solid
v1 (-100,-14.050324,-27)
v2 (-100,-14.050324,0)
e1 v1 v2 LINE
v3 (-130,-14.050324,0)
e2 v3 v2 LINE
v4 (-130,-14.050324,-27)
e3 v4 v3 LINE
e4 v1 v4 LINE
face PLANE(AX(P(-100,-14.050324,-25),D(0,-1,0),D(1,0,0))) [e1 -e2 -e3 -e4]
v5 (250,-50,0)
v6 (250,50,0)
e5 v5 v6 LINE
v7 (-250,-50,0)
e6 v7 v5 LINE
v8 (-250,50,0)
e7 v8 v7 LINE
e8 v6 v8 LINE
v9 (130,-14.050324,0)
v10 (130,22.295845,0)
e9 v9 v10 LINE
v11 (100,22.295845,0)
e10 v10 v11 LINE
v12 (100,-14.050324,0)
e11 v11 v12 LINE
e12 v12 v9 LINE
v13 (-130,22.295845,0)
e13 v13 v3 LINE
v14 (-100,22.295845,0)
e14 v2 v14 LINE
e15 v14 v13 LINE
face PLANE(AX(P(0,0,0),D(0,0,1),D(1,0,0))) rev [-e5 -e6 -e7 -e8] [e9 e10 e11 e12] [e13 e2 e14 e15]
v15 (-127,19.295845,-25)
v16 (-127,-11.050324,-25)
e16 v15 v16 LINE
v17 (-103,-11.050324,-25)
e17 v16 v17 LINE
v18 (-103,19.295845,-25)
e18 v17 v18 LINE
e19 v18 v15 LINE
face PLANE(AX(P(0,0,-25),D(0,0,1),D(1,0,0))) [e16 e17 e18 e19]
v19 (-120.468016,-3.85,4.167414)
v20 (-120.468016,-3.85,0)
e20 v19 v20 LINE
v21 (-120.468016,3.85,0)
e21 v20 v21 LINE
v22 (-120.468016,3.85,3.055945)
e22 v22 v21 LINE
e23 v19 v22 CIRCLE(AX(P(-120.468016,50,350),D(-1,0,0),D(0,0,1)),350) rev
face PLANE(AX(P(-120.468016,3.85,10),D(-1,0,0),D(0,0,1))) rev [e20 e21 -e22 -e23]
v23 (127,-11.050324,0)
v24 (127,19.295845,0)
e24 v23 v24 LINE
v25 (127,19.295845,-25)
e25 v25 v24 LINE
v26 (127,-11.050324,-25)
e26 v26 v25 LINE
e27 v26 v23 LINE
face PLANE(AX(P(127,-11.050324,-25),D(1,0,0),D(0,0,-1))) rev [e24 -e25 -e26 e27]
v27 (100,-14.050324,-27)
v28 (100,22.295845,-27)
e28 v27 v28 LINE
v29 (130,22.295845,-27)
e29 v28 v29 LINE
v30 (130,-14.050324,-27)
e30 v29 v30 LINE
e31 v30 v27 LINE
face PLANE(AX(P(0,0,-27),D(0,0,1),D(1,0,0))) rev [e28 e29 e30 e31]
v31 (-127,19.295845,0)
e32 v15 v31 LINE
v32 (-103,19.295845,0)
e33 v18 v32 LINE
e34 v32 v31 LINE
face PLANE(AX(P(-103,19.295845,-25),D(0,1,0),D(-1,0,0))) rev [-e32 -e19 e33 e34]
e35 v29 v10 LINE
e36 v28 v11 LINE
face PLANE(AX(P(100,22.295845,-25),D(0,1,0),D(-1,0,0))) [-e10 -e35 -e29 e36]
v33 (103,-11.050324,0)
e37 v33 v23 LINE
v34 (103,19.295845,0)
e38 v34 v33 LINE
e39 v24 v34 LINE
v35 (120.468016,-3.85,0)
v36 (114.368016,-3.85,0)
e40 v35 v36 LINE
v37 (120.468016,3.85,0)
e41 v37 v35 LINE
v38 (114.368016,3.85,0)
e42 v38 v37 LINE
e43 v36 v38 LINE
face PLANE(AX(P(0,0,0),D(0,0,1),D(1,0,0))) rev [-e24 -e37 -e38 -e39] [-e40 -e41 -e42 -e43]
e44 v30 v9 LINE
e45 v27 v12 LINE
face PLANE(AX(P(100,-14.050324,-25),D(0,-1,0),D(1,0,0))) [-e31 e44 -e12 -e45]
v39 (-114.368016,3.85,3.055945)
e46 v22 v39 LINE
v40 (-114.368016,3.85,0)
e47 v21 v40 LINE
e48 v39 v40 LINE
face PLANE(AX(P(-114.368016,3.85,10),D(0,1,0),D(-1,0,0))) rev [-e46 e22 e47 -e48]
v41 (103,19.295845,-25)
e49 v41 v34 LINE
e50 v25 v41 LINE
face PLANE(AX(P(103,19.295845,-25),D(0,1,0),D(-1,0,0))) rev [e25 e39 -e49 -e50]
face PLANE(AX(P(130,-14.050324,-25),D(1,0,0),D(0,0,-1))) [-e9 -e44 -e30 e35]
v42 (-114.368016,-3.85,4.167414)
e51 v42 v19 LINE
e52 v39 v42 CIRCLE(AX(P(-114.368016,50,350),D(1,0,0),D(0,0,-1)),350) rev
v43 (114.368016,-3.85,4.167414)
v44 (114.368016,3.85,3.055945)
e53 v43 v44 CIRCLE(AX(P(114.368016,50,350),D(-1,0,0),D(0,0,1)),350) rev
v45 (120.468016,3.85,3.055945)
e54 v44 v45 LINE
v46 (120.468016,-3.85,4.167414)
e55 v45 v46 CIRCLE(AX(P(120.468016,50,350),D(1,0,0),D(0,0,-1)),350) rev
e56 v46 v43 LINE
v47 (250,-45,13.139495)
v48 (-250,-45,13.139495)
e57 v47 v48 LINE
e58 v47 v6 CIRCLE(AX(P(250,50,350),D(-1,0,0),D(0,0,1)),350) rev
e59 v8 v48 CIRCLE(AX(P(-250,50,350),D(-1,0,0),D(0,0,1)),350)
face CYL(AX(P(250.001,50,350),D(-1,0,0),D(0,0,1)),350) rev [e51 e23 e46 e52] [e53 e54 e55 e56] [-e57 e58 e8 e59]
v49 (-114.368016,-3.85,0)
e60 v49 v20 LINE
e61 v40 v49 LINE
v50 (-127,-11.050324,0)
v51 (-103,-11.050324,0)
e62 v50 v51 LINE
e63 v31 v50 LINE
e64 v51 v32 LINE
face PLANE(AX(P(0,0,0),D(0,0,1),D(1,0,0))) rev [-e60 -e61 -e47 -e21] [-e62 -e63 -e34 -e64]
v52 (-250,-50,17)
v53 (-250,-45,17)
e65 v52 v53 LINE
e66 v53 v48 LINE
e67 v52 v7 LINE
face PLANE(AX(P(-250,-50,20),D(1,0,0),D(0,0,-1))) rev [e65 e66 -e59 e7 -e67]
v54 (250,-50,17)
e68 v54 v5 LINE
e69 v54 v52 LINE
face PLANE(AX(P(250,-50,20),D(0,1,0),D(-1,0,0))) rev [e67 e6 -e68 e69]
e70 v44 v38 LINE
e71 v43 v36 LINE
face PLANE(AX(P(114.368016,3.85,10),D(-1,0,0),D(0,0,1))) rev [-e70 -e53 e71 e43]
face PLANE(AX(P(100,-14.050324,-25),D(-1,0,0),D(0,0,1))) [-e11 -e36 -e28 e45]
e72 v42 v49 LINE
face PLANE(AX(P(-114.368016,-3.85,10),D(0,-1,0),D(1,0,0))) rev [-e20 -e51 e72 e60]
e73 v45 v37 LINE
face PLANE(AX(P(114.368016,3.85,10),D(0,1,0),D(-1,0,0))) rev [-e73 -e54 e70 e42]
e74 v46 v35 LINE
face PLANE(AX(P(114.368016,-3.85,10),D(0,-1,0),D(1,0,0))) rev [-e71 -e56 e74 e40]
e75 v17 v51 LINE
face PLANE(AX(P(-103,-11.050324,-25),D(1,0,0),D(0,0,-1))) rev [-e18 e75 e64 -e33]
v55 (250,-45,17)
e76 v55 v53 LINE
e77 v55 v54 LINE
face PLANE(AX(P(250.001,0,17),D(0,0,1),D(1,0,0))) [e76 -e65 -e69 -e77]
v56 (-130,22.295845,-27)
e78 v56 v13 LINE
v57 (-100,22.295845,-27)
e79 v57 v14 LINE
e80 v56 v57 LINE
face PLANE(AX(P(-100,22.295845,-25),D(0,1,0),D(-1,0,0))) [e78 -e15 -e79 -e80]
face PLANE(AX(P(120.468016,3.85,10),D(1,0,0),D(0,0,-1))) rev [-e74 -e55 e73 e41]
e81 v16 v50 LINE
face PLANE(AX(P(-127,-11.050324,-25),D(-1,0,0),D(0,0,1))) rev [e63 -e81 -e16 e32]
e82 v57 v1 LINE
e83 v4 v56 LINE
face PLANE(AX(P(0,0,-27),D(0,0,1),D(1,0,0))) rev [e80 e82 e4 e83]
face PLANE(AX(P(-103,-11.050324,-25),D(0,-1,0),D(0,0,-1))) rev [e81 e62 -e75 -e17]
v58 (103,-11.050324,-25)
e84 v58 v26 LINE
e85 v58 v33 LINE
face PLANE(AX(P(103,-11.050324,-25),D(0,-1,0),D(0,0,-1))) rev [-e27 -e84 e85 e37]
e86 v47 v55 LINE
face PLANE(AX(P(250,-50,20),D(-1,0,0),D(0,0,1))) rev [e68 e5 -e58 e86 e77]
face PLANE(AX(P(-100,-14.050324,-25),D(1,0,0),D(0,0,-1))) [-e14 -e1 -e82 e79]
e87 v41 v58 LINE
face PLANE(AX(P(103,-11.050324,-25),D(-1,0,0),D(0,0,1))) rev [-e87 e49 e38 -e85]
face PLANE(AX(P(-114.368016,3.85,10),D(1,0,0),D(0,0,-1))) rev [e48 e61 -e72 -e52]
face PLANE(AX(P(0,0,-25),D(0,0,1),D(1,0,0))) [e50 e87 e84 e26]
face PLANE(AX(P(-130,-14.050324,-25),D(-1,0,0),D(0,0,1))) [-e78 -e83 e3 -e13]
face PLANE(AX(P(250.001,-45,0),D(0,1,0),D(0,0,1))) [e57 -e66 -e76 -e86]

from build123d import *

# Parameters (mm, degrees)
ESQUISSE1_W             = 500
ESQUISSE1_H             = 100
BOSS_EXTRU_1_DEPTH      = 20
ENL_V_MAT_EXTRU_1_REACH = 504.892
ESQUISSE3_W             = 6.1
ESQUISSE3_H             = 7.7
ENL_V_MAT_EXTRU_2_DEPTH = 10
ESQUISSE4_W             = 30
ESQUISSE4_H             = 36.346168877
ESQUISSE4_W_2           = 24
ESQUISSE4_H_2           = 30.346168877
BOSS_EXTRU_2_DEPTH      = 25
ESQUISSE6_W             = 30
ESQUISSE6_H             = 36.346168877
BOSS_EXTRU_3_DEPTH      = 2
ESQUISSE7_W             = 30
ESQUISSE7_H             = 36.346168877
BOSS_EXTRU_4_DEPTH      = 2


with BuildPart() as part:
    # Esquisse1 → Boss.-Extru.1 (new body)
    with BuildSketch(Plane.XY):
        Rectangle(ESQUISSE1_W, ESQUISSE1_H)
    extrude(amount=BOSS_EXTRU_1_DEPTH)

    # Esquisse2 → Enlèv. mat.-Extru.1 (cut, up to next)
    with BuildSketch(Plane.ZY.offset(250), mode=Mode.PRIVATE) as enl_v_mat_extru_1_sk1:
        with BuildLine():
            Line((17, -45), (17, -50))
            Line((17, -50), (20, -50))
            Line((20, -50), (20, 50))
            Line((20, 50), (0, 50))
            ThreePointArc((0, 50), (3.30043493, 2.047819856), (13.139494746, -45))
            Line((13.139494746, -45), (17, -45))
        make_face()
    enl_v_mat_extru_1_tool1 = extrude(enl_v_mat_extru_1_sk1.sketch, amount=-ENL_V_MAT_EXTRU_1_REACH, mode=Mode.PRIVATE) & part.part
    add(enl_v_mat_extru_1_tool1.solids().sort_by_distance((-250, 8.554077, 11.753781))[0], mode=Mode.SUBTRACT)

    # Esquisse3 → Enlèv. mat.-Extru.2 (cut)
    with BuildSketch(Plane(origin=(0, 0, 0), x_dir=(-1, 0, 0), z_dir=(0, 0, -1))):
        with Locations((-117.418016387, 0)):
            Rectangle(ESQUISSE3_W, ESQUISSE3_H)
        with Locations((117.418016387, 0)):
            Rectangle(ESQUISSE3_W, ESQUISSE3_H)
    extrude(amount=-ENL_V_MAT_EXTRU_2_DEPTH, mode=Mode.SUBTRACT)

    # Esquisse4 → Boss.-Extru.2 (add)
    # profile 1 of 2: a face of its own
    with BuildSketch(Plane.XY):
        with Locations((-115, 4.12276014)):
            Rectangle(ESQUISSE4_W, ESQUISSE4_H)
        with Locations((-115, 4.12276014)):
            Rectangle(ESQUISSE4_W_2, ESQUISSE4_H_2, mode=Mode.SUBTRACT)
    # profile 2 of 2: a face of its own
    with BuildSketch(Plane.XY):
        with Locations((115, 4.12276014)):
            Rectangle(ESQUISSE4_W, ESQUISSE4_H)
        with Locations((115, 4.12276014)):
            Rectangle(ESQUISSE4_W_2, ESQUISSE4_H_2, mode=Mode.SUBTRACT)
    extrude(amount=-BOSS_EXTRU_2_DEPTH)

    # Esquisse6 → Boss.-Extru.3 (add)
    with BuildSketch(Plane(origin=(0, 0, -25), x_dir=(-1, 0, 0), z_dir=(0, 0, -1))):
        with Locations((-115, 4.12276014)):
            Rectangle(ESQUISSE6_W, ESQUISSE6_H)
    extrude(amount=BOSS_EXTRU_3_DEPTH)

    # Esquisse7 → Boss.-Extru.4 (add)
    with BuildSketch(Plane(origin=(0, 0, -25), x_dir=(-1, 0, 0), z_dir=(0, 0, -1))):
        with Locations((115, 4.12276014)):
            Rectangle(ESQUISSE7_W, ESQUISSE7_H)
    extrude(amount=BOSS_EXTRU_4_DEPTH)


solid = part.part
